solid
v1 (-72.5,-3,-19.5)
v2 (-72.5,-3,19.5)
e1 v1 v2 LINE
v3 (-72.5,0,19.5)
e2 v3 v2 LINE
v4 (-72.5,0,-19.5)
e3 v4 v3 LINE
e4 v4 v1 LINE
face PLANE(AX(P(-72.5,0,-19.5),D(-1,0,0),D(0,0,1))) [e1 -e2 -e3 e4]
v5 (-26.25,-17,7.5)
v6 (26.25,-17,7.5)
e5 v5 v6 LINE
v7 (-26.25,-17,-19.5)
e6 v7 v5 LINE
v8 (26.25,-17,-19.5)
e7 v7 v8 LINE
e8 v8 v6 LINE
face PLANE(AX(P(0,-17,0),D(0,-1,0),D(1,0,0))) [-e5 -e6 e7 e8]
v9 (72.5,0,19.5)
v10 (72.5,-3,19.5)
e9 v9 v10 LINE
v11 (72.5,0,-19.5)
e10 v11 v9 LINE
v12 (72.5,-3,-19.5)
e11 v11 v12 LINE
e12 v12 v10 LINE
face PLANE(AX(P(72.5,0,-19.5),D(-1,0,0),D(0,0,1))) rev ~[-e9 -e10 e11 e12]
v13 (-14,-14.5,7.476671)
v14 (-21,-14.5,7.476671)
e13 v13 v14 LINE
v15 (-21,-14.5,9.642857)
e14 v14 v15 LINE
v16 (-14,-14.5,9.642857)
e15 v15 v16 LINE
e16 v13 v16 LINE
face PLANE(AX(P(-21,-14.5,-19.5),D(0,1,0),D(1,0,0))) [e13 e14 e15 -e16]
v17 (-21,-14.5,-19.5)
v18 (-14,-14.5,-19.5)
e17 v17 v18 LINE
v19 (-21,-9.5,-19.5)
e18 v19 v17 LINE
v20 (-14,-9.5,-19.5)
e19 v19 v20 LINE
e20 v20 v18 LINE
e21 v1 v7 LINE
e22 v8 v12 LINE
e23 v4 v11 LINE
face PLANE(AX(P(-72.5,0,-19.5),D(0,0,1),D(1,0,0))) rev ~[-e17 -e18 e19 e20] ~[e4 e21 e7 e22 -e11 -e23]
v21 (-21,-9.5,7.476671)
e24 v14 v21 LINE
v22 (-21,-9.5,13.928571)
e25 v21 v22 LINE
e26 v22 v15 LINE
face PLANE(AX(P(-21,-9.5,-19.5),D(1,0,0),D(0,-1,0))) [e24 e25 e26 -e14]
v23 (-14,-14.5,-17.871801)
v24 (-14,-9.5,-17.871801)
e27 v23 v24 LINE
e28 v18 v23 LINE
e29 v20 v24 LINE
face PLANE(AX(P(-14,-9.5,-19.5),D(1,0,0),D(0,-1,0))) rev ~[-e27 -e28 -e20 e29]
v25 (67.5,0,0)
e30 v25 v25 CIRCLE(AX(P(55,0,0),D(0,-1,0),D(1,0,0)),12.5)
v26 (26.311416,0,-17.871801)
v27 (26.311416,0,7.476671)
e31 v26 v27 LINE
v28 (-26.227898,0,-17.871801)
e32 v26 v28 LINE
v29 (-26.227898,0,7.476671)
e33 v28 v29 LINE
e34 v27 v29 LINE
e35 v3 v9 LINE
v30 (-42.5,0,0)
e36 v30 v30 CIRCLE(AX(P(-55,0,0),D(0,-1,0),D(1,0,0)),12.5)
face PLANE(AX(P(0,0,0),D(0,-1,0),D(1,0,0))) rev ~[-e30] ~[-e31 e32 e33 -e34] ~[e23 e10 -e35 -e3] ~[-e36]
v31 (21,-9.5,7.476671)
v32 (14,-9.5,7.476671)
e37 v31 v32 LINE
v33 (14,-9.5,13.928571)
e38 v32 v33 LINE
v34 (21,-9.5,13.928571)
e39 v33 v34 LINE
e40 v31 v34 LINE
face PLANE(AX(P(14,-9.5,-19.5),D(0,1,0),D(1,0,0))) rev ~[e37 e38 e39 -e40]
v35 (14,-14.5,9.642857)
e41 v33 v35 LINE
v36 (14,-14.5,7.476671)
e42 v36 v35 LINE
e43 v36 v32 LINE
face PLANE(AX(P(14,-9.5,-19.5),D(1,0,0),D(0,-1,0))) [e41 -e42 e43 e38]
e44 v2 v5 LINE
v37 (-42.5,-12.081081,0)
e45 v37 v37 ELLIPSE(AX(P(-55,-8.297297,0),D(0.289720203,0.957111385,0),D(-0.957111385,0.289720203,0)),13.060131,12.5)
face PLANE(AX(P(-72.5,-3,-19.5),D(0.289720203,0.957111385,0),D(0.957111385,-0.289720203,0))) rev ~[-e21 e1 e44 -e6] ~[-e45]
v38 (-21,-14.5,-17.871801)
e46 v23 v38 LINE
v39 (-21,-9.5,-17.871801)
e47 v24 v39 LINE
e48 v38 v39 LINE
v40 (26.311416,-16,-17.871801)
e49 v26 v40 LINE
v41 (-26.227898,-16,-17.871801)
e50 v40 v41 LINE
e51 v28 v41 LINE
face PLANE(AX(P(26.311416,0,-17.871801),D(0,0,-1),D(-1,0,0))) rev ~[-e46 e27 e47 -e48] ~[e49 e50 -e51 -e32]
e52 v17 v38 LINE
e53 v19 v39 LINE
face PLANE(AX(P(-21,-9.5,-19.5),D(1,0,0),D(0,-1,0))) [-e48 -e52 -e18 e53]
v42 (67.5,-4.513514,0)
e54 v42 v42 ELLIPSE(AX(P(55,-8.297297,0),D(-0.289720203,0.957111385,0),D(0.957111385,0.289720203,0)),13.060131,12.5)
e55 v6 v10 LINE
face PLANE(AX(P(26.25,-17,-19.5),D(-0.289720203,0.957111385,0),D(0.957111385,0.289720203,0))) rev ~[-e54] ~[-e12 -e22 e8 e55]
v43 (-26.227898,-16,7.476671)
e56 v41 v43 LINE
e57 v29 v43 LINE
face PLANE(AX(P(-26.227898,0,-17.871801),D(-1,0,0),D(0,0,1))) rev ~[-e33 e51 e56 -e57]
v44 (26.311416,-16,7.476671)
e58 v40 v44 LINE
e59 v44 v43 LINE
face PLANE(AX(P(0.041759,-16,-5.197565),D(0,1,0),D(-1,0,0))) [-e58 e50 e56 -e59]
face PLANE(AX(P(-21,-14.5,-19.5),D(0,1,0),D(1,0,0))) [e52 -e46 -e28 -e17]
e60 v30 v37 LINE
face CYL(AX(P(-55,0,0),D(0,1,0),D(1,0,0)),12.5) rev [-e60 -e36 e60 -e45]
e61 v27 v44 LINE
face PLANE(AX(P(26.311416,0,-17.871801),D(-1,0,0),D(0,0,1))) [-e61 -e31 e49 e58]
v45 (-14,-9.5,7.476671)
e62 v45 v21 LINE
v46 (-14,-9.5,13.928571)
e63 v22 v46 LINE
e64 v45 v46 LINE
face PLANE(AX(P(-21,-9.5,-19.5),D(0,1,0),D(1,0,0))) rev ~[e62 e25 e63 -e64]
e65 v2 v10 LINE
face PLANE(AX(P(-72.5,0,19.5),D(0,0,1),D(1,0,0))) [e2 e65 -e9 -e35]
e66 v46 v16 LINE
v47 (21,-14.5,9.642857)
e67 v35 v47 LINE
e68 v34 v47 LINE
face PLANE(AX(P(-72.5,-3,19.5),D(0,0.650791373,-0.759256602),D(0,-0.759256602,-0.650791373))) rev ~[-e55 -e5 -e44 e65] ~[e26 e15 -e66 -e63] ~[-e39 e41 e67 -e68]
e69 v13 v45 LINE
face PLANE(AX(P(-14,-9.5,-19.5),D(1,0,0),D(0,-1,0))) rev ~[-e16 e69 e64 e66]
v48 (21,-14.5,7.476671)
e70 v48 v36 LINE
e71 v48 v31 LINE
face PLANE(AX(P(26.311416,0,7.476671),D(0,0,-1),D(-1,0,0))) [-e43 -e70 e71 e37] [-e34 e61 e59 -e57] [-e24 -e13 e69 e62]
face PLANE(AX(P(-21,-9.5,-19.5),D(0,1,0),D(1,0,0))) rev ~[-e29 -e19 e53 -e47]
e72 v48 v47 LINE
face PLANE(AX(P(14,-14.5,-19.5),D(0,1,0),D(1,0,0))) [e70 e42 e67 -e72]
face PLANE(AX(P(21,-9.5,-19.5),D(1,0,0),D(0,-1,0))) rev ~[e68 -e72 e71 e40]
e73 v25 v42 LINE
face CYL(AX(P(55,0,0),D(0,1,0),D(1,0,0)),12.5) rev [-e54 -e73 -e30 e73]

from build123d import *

# Parameters (mm, degrees)
F0_W      = 145
F0_H      = 39
F0_R      = 12.5
F1_DEPTH  = 17
F4_DEPTH  = 300
F6_DEPTH  = 100
F7_W      = 7
F7_H      = 5
F8_DEPTH  = 200
F9_W      = 10.465479
F9_H      = 7.249243
F10_DEPTH = 3
F11_W     = 52.539315
F11_H     = 25.348472
F12_DEPTH = 16


with BuildPart() as f1:
    # F0 (on Front) → F1 (new body)
    with BuildSketch(Plane.XZ):
        Rectangle(F0_W, F0_H)
        with Locations((-55, 0)):
            Circle(F0_R, mode=Mode.SUBTRACT)
        with Locations((55, 0)):
            Circle(F0_R, mode=Mode.SUBTRACT)
    extrude(amount=F1_DEPTH)

    # F3 (on face) → F4 (cut)
    with BuildSketch(Plane(origin=(-72.5, 0, 0), x_dir=(0, -1, 0), z_dir=(-1, 0, 0))):
        Polygon((3, 19.5), (17, 7.5), (17, 19.5), align=None)
    extrude(amount=-F4_DEPTH, mode=Mode.SUBTRACT)

    # F5 (on face) → F6 (cut)
    with BuildSketch(Plane(origin=(0, 0, -19.5), x_dir=(1, 0, 0), z_dir=(0, 0, -1))):
        Polygon((-72.5, 3), (-26.25, 17), (-72.5, 17), align=None)
        Polygon((72.5, 17), (26.25, 17), (72.5, 3), align=None)
    extrude(amount=-F6_DEPTH, mode=Mode.SUBTRACT)

    # F7 (on face) → F8 (cut)
    with BuildSketch(Plane(origin=(0, 0, -19.5), x_dir=(1, 0, 0), z_dir=(0, 0, -1))):
        with Locations((-17.5, 12)):
            Rectangle(F7_W, F7_H)
        with Locations((17.5, 12)):
            Rectangle(F7_W, F7_H)
    extrude(amount=-F8_DEPTH, mode=Mode.SUBTRACT)

    # F9 (on face) → F10 (join)
    with BuildSketch(Plane(origin=(0, 0, -19.5), x_dir=(1, 0, 0), z_dir=(0, 0, -1))):
        with Locations((17.402842, 12.139229)):
            Rectangle(F9_W, F9_H)
    extrude(amount=-F10_DEPTH)

    # F11 (on face) → F12 (cut)
    with BuildSketch(Plane(origin=(0, 0, 0), x_dir=(-1, 0, 0), z_dir=(0, 1, 0))):
        with Locations((-0.041759, -5.197565)):
            Rectangle(F11_W, F11_H)
    extrude(amount=-F12_DEPTH, mode=Mode.SUBTRACT)


solid = f1.part
